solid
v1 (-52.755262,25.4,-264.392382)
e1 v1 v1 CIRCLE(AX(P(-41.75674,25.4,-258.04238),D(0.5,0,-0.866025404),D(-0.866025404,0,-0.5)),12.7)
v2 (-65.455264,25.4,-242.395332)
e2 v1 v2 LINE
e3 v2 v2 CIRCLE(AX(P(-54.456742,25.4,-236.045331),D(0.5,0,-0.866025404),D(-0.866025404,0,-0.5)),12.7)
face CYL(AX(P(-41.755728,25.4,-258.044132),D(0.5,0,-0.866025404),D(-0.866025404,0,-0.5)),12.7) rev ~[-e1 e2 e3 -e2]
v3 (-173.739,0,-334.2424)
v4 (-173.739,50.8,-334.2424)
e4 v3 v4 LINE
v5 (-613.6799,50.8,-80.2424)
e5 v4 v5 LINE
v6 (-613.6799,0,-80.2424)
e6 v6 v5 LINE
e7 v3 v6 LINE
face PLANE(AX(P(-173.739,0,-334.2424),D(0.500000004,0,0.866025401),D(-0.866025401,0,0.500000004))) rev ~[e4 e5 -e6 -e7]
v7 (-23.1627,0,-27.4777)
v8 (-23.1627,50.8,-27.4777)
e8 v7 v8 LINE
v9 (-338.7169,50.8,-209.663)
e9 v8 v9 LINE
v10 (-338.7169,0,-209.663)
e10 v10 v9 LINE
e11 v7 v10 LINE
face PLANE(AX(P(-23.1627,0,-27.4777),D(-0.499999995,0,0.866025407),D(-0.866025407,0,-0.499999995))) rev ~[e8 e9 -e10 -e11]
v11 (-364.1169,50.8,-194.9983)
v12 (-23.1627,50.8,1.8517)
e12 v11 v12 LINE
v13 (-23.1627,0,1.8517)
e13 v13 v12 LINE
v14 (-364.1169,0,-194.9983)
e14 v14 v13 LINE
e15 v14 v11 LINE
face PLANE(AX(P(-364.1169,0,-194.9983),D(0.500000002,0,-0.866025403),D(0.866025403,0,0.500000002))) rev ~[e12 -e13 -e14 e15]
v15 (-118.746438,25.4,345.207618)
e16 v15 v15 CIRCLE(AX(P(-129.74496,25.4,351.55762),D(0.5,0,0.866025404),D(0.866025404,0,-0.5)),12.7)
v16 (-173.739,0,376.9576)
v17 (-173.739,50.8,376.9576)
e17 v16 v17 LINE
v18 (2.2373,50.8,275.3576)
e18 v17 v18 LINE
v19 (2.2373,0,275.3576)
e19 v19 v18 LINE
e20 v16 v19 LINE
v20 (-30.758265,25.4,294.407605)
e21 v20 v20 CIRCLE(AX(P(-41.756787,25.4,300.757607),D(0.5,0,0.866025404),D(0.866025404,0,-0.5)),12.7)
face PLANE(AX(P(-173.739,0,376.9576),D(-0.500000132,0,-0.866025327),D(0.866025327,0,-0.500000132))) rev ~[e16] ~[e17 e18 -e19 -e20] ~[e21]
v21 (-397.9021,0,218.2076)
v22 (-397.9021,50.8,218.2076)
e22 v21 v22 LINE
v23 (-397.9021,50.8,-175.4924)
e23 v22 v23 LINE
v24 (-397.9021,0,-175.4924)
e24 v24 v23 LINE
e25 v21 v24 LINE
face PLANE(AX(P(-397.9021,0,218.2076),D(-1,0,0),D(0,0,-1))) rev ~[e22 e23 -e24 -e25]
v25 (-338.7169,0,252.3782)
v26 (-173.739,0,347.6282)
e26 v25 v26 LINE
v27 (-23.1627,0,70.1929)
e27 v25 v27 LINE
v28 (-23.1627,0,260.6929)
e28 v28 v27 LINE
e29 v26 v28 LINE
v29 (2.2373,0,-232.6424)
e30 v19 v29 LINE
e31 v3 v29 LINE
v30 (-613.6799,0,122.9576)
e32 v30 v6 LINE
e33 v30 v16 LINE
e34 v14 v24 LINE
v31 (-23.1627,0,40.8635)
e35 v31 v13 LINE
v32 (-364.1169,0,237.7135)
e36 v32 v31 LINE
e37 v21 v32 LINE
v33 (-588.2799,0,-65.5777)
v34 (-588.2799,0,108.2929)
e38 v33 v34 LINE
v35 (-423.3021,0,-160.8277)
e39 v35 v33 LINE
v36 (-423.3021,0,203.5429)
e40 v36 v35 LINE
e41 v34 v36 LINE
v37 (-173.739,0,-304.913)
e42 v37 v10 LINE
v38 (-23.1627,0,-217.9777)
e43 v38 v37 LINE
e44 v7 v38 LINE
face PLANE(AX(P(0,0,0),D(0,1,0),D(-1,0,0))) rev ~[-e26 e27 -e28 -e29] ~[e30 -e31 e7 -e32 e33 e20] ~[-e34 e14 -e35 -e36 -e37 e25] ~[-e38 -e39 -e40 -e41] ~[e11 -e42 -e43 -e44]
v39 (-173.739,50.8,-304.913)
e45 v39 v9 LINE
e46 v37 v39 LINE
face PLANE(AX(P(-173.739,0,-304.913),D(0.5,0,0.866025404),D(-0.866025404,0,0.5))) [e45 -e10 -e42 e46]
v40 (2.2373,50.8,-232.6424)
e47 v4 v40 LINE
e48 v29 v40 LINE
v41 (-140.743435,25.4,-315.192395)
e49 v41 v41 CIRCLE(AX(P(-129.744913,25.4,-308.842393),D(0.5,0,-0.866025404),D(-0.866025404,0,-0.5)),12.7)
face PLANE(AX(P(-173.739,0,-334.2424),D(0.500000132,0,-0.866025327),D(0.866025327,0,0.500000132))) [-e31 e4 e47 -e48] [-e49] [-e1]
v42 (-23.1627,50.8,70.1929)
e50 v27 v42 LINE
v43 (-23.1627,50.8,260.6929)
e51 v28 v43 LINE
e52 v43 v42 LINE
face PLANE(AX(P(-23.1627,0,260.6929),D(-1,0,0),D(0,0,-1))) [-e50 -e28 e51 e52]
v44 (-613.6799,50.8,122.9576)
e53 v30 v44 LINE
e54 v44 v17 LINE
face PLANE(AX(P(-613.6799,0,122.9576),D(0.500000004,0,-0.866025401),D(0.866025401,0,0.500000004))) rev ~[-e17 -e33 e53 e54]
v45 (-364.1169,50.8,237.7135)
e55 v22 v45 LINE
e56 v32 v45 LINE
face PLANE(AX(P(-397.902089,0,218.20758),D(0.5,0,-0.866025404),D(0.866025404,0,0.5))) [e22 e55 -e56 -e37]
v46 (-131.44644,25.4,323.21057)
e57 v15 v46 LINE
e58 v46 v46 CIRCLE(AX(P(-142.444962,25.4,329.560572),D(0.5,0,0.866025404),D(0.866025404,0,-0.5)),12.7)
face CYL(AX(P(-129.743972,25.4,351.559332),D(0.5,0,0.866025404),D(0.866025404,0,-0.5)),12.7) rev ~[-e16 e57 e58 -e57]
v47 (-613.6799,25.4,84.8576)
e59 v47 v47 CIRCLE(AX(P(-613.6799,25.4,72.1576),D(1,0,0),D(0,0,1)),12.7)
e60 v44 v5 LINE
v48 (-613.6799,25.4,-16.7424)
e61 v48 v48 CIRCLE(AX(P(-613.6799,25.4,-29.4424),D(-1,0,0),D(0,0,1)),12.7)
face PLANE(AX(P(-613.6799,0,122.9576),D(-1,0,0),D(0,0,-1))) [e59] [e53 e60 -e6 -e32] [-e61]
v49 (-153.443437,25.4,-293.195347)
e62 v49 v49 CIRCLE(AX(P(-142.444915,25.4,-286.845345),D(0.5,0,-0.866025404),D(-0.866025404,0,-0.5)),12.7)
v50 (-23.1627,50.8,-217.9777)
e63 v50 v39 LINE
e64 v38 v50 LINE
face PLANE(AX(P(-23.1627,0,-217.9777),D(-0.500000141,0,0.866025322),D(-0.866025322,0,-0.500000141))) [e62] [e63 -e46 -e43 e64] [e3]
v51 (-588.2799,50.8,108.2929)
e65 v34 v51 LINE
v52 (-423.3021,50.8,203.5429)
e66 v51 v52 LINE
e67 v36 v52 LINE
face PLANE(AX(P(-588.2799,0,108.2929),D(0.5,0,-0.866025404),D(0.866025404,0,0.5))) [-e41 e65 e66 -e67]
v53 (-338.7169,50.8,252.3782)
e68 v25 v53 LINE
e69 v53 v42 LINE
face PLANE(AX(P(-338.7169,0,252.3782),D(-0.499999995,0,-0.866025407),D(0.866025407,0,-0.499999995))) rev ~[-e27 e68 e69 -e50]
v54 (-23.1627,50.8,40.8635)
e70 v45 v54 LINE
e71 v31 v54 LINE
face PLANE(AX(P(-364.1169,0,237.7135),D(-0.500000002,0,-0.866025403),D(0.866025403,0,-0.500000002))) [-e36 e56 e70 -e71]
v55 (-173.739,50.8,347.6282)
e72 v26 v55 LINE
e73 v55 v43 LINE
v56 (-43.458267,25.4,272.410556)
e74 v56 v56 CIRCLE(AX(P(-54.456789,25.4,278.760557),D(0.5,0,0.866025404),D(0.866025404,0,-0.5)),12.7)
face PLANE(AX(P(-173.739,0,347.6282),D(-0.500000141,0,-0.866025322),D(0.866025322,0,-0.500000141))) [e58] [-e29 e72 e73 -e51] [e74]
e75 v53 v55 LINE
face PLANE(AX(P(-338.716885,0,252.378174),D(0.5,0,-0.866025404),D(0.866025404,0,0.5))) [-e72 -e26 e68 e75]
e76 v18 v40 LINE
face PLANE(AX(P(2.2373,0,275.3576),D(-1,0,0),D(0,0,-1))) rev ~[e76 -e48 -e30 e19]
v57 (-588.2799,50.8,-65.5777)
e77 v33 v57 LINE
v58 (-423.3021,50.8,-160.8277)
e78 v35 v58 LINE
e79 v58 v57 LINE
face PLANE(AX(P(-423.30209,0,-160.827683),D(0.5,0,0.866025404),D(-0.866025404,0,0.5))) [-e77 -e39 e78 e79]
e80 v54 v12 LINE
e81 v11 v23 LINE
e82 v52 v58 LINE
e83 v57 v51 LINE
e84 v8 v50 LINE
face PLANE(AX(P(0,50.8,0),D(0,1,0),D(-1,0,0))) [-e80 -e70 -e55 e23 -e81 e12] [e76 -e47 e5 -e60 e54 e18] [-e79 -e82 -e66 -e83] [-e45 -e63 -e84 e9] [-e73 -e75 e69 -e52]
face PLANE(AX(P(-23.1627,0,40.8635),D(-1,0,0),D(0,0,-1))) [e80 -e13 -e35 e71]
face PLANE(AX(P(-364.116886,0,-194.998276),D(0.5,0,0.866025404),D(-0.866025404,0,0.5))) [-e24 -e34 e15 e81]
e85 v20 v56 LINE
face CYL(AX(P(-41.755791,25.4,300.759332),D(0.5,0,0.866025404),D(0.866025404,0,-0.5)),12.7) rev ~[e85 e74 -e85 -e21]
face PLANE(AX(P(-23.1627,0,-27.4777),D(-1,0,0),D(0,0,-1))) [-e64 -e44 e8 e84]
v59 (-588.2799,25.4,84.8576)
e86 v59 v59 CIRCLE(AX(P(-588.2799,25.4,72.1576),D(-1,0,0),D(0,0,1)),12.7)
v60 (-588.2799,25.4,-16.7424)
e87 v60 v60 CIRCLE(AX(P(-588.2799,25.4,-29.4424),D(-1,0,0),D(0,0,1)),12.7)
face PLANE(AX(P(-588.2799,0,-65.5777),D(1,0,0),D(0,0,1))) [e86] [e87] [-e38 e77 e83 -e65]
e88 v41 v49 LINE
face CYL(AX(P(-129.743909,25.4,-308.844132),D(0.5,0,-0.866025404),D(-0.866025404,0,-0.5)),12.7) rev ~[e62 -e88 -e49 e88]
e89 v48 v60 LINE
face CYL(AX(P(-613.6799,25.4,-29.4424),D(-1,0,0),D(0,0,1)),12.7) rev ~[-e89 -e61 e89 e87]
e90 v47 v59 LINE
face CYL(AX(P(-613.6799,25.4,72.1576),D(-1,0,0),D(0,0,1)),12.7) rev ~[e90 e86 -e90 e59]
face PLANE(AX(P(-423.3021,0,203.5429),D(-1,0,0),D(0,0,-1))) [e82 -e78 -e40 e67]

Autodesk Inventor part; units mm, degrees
ref_plane "YZ Plane" through (0, 0, 0) normal (1, 0, 0) x (0, 1, 0)
ref_plane "XZ Plane" through (0, 0, 0) normal (0, 1, 0) x (-1, 0, 0)
ref_plane "XY Plane" through (0, 0, 0) normal (0, 0, 1) x (1, 0, 0)
sketch "Sketch1" plane through (0, 0, 0) normal (0, 1, 0) x (-1, 0, 0)
  line L0 (613.6799, 122.9576) -> (173.739, 376.9576)
  line L1 (-2.2373, 275.3576) -> (-2.2373, -232.6424)
  line L2 (173.739, -334.2424) -> (613.6799, -80.2424)
  line L3 (613.6799, 122.9576) -> (613.6799, -80.2424)
  line L4 (173.739, 376.9576) -> (-2.2373, 275.3576)
  line L5 (173.739, -334.2424) -> (-2.2373, -232.6424)
  line L6 (588.2799, 108.2929) -> (173.739, 347.6282)
  line L7 (173.739, 347.6282) -> (23.1627, 260.6929)
  line L8 (23.1627, 260.6929) -> (23.1627, -217.9777)
  line L9 (23.1627, -217.9777) -> (173.739, -304.913)
  line L10 (173.739, -304.913) -> (588.2799, -65.5777)
  line L11 (588.2799, -65.5777) -> (588.2799, 108.2929)
  line L12 (397.9021, 218.2076) -> (397.9021, -175.4924)
  line L13 (364.1169, 237.7135) -> (23.1627, 40.8635)
  line L14 (364.1169, -194.9983) -> (23.1627, 1.8517)
  line L15 (338.7169, 252.3782) -> (23.1627, 70.1929)
  line L16 (23.1627, -27.4777) -> (338.7169, -209.663)
  line L17 (423.3021, 203.5429) -> (423.3021, -160.8277)
  point P0 (0, 0)
  dimension "d0" = 203.2
  dimension "d6" = 508
  dimension "d14" = 393.7
  dimension "d16" = 393.7
  dimension "d17" = 393.7
extrude "Extrusion1" add sketch "Sketch1" along normal blind 50.8 contours L3 L2 L5 L1 L4 L0 | L17 L10 L12 L6 | L13 L8 L15 L6 | L10 L16 L8 L14
sketch "Sketch2" plane through (2.2373, 0, 275.3576) normal (0.5, 0, 0.866) x (0.866, 0, -0.5)
  line L0 (-203.2, 0) -> (0, 0) projected
  line L1 (0, 0) -> (0, 50.8) projected
  line L2 (-203.2, 50.8) -> (0, 50.8) projected
  line L3 (-203.2, 0) -> (-203.2, 50.8) projected
  line L4 (-203.2, 50.8) -> (0, 50.8) projected
  line L5 (-101.6, 50.8) -> (-101.6, 0)
  line L6 (-101.6, 25.4) -> (-152.4, 25.4)
  line L7 (-101.6, 25.4) -> (-50.8, 25.4)
  circle A0 centre (-50.8, 25.4) radius 12.7
  circle A1 centre (-152.4, 25.4) radius 12.7
  point P0 (135.7412, 0)
  dimension "d23" = 50.8
  dimension "d24" = 50.8
  dimension "d25" = 25.4
  dimension "d26" = 25.4
extrude "Extrusion2" cut sketch "Sketch2" against normal blind 25.4 contours A1 | A0
sketch "Sketch3" plane through (-173.739, 0, -334.2424) normal (0.5, 0, -0.866) x (-0.866, 0, -0.5)
  line L0 (-203.2, 0) -> (0, 0) projected
  line L1 (0, 0) -> (0, 50.8) projected
  line L2 (-203.2, 50.8) -> (0, 50.8) projected
  line L3 (-203.2, 0) -> (-203.2, 50.8) projected
  line L4 (152.4, 50.8) -> (-355.6, 50.8) projected
  line L5 (-101.6, 50.8) -> (-101.6, 0)
  line L6 (152.4, 0) -> (-355.6, 0) projected
  line L7 (-101.6, 25.4) -> (-152.4, 25.4)
  line L8 (-101.6, 25.4) -> (-50.8, 25.4)
  circle A0 centre (-50.8, 25.4) radius 12.7
  circle A1 centre (-152.4, 25.4) radius 12.7
  point P0 (-317.5836, 0)
  dimension "d29" = 50.8
  dimension "d30" = 50.8
  dimension "d31" = 25.4
  dimension "d32" = 25.4
extrude "Extrusion3" cut sketch "Sketch3" against normal blind 25.4 contours A1 | A0
sketch "Sketch4" plane through (-613.6799, 0, -80.2424) normal (-1, 0, 0) x (0, 0, 1)
  line L0 (150.4353, 0) -> (150.4353, 50.8) projected
  line L1 (0, 0) -> (203.2, 0) projected
  line L2 (203.2, 0) -> (203.2, 50.8) projected
  line L3 (0, 50.8) -> (203.2, 50.8) projected
  line L4 (0, 0) -> (0, 50.8) projected
  line L5 (355.6, 50.8) -> (-152.4, 50.8) projected
  line L6 (101.6, 50.8) -> (101.6, 0)
  line L7 (355.6, 0) -> (-152.4, 0) projected
  line L8 (101.6, 25.4) -> (50.8, 25.4)
  line L9 (101.6, 25.4) -> (152.4, 25.4)
  circle A0 centre (152.4, 25.4) radius 12.7
  circle A1 centre (50.8, 25.4) radius 12.7
  point P0 (80.2424, 0)
  dimension "d35" = 50.8
  dimension "d36" = 50.8
  dimension "d37" = 25.4
  dimension "d38" = 25.4
extrude "Extrusion4" cut sketch "Sketch4" against normal blind 25.4 contours A0 L9 L0 | L0 A0 | A1 | L9 A0 L0
properties part number "Top" material "Steel"
